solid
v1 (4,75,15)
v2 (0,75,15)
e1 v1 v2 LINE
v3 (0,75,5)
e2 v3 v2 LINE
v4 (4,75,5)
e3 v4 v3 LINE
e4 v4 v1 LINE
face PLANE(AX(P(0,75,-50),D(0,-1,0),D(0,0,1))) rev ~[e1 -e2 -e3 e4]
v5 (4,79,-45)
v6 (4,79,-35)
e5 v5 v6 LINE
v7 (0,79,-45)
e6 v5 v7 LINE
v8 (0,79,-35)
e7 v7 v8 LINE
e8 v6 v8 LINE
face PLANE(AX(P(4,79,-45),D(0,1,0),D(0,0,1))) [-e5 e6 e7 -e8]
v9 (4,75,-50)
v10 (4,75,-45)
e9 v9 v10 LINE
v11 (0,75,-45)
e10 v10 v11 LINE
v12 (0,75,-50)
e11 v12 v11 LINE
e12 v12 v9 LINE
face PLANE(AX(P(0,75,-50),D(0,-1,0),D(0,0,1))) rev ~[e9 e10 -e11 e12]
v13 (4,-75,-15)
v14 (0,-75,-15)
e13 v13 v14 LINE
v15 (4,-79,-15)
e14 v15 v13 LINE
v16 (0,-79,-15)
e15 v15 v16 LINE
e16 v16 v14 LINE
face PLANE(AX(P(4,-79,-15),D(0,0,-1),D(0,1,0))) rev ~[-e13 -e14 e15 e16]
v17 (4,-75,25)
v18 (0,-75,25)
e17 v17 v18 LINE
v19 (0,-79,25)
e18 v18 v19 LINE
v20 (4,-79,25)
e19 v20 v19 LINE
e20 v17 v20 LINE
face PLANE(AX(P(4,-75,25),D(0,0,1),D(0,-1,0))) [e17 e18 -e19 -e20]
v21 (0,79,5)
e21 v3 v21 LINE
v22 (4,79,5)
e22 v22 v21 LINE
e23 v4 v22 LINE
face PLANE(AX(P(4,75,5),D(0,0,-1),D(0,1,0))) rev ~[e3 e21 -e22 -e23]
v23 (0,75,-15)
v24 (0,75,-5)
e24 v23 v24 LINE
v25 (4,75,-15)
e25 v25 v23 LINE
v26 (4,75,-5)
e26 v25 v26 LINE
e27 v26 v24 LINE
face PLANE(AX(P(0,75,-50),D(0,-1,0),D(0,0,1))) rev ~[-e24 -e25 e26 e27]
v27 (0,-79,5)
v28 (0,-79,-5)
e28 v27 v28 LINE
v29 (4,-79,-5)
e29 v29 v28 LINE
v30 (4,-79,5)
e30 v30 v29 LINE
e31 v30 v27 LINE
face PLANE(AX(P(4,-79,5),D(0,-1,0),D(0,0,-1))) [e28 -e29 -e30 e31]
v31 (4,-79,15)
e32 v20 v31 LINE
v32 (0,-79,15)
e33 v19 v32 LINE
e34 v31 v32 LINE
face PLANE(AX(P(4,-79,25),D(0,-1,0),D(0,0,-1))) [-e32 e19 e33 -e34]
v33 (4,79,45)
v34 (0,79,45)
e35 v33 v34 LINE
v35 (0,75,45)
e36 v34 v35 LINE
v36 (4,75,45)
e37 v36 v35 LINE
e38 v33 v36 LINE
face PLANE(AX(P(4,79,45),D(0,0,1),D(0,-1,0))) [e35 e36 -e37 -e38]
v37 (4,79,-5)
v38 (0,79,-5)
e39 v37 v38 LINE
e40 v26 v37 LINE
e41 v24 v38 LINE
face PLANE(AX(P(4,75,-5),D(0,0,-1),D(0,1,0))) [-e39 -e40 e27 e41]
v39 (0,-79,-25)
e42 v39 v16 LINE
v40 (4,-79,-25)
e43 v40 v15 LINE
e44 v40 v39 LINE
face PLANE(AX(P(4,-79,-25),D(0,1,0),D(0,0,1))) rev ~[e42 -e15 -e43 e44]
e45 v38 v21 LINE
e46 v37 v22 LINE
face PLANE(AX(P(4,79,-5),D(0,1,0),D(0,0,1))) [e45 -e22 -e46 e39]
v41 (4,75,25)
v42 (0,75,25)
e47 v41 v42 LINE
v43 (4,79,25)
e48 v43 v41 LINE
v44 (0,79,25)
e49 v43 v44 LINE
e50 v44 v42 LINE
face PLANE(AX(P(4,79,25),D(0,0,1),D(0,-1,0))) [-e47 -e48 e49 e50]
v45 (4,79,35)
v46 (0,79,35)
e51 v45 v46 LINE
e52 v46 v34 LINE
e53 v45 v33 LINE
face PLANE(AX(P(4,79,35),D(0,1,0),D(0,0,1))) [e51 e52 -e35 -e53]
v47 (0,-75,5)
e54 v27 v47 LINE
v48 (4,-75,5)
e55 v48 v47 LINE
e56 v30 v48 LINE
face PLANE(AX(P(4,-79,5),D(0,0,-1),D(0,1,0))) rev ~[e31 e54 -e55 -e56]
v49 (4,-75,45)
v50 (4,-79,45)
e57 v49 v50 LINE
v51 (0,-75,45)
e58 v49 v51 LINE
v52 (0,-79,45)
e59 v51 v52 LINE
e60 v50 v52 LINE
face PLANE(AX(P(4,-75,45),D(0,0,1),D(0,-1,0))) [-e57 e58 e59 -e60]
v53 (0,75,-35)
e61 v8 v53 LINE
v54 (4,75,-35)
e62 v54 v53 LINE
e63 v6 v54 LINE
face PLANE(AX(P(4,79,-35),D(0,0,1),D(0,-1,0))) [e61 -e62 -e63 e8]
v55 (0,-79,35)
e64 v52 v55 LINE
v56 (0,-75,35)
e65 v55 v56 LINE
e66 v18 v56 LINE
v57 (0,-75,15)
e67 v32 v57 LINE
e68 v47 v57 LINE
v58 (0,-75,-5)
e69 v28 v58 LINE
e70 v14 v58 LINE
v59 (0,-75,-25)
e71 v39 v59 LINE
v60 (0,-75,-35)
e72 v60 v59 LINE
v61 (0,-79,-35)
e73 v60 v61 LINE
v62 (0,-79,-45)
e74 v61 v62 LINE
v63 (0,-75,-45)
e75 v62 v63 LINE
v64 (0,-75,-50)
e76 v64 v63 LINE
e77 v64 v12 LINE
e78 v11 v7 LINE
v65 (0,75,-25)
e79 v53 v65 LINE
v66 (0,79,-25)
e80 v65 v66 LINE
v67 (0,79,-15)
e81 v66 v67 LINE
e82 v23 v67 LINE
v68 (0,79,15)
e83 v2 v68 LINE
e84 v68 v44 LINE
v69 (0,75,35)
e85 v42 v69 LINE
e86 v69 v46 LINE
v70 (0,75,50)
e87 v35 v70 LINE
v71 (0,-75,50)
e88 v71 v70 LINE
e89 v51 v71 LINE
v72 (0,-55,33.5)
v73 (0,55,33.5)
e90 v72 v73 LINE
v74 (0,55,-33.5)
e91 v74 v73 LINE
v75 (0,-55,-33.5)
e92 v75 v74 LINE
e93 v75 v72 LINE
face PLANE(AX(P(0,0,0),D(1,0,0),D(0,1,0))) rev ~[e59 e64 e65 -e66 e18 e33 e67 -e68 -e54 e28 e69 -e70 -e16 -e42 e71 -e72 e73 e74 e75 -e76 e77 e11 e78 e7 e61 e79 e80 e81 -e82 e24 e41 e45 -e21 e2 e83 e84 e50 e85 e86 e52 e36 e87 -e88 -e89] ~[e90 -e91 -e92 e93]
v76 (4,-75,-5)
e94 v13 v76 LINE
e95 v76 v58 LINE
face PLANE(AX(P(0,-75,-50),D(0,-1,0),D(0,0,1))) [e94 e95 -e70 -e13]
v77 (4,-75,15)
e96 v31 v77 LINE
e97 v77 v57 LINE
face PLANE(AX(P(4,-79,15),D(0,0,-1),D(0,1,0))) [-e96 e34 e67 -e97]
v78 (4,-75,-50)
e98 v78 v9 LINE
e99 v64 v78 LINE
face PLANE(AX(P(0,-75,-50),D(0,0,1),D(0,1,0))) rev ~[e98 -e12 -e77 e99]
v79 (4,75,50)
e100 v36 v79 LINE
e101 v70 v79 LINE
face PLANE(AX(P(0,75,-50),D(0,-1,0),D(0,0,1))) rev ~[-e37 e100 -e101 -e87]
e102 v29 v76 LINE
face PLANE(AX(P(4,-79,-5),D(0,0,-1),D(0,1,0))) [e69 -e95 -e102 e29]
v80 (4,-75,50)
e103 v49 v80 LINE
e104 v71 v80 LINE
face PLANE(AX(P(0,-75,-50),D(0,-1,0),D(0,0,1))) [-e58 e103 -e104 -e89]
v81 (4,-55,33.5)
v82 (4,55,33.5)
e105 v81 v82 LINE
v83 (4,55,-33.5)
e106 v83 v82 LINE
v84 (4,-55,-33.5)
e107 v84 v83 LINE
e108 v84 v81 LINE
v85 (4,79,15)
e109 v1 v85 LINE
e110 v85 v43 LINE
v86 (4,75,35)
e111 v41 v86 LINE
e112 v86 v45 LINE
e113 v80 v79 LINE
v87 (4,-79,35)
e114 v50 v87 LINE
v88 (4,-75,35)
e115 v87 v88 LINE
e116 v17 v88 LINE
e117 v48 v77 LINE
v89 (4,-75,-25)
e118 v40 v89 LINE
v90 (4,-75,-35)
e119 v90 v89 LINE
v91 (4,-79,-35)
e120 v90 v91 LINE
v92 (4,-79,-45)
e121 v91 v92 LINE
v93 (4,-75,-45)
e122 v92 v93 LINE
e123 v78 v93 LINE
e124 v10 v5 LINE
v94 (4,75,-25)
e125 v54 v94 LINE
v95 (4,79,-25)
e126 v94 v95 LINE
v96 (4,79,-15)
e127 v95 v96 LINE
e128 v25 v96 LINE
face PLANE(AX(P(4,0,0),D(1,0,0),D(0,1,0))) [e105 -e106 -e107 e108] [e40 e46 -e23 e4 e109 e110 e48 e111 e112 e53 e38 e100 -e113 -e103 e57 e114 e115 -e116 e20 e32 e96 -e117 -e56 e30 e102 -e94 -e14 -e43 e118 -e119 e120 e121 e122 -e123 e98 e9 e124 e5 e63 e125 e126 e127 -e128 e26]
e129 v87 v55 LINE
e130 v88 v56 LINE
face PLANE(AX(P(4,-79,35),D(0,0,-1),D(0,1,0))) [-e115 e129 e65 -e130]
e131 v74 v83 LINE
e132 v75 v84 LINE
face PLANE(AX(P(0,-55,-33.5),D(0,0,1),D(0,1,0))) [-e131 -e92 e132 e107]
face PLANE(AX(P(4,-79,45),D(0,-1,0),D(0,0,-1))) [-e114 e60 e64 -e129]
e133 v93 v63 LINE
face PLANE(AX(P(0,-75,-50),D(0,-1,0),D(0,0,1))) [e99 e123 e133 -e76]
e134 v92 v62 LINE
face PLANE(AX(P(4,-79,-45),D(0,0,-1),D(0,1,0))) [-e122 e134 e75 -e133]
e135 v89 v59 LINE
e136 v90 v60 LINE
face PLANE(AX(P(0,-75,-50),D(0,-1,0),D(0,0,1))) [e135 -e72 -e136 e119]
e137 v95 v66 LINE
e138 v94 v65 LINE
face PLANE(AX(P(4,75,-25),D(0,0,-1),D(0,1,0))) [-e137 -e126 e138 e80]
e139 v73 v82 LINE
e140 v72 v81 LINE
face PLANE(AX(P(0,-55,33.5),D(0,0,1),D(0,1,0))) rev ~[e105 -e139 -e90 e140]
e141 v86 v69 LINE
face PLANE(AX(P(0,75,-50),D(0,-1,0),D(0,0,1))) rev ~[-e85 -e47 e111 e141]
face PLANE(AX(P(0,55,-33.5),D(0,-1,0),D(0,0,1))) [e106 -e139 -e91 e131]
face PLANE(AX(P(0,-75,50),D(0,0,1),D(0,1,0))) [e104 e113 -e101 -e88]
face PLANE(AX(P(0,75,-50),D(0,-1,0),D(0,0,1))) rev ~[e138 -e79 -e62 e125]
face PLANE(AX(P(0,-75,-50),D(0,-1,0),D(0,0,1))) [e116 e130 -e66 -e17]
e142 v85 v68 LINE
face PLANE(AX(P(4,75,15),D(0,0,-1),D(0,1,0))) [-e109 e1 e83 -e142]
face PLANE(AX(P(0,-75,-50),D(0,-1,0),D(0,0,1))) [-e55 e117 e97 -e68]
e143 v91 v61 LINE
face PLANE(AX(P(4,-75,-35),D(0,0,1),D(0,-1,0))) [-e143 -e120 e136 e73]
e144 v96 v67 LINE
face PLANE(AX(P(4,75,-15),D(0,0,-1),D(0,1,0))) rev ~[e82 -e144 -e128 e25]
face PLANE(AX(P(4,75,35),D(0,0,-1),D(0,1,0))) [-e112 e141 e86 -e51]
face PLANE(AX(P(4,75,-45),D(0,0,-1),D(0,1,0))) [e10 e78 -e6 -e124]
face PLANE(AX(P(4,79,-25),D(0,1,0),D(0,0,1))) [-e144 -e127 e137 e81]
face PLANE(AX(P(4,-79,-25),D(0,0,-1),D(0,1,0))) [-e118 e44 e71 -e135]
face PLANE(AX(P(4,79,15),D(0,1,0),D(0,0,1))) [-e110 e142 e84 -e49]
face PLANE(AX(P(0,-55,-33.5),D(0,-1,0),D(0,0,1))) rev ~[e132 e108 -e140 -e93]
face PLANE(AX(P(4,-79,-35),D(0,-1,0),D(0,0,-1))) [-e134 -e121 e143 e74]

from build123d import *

# Parameters (mm, degrees)
F0_W     = 150
F0_H     = 100
F0_W_2   = 110
F0_H_2   = 67
F1_DEPTH = 4
F2_W     = 4
F2_H     = 5
F2_H_2   = 10
F3_DEPTH = 4


with BuildPart() as f1:
    # F0 (on Right) → F1 (new body)
    with BuildSketch(Plane.YZ):
        Rectangle(F0_W, F0_H)
        Rectangle(F0_W_2, F0_H_2, mode=Mode.SUBTRACT)
    extrude(amount=F1_DEPTH)

    # F2 (on face) → F3 (join)
    with BuildSketch(Plane.YZ.offset(4)):
        with Locations((-77, -2.5)):
            Rectangle(F2_W, F2_H)
        with Locations((-77, 2.5)):
            Rectangle(F2_W, F2_H)
        Polygon((-75, 25), (-79, 25), (-79, 20), (-79, 15), (-75, 15), align=None)
        Polygon((-75, 45), (-79, 45), (-79, 40), (-79, 35), (-75, 35), align=None)
        Polygon((-79, -45), (-75, -45), (-75, -35), (-79, -35), (-79, -40), align=None)
        with Locations((-77, -20)):
            Rectangle(F2_W, F2_H_2)
        with Locations((77, -20)):
            Rectangle(F2_W, F2_H_2)
        Polygon((79, 15), (79, 20), (79, 25), (75, 25), (75, 15), align=None)
        with Locations((77, -2.5)):
            Rectangle(F2_W, F2_H)
        with Locations((77, 2.5)):
            Rectangle(F2_W, F2_H)
        Polygon((75, 45), (75, 35), (79, 35), (79, 40), (79, 45), align=None)
        Polygon((79, -40), (79, -35), (75, -35), (75, -45), (79, -45), align=None)
    extrude(amount=-F3_DEPTH)


solid = f1.part
